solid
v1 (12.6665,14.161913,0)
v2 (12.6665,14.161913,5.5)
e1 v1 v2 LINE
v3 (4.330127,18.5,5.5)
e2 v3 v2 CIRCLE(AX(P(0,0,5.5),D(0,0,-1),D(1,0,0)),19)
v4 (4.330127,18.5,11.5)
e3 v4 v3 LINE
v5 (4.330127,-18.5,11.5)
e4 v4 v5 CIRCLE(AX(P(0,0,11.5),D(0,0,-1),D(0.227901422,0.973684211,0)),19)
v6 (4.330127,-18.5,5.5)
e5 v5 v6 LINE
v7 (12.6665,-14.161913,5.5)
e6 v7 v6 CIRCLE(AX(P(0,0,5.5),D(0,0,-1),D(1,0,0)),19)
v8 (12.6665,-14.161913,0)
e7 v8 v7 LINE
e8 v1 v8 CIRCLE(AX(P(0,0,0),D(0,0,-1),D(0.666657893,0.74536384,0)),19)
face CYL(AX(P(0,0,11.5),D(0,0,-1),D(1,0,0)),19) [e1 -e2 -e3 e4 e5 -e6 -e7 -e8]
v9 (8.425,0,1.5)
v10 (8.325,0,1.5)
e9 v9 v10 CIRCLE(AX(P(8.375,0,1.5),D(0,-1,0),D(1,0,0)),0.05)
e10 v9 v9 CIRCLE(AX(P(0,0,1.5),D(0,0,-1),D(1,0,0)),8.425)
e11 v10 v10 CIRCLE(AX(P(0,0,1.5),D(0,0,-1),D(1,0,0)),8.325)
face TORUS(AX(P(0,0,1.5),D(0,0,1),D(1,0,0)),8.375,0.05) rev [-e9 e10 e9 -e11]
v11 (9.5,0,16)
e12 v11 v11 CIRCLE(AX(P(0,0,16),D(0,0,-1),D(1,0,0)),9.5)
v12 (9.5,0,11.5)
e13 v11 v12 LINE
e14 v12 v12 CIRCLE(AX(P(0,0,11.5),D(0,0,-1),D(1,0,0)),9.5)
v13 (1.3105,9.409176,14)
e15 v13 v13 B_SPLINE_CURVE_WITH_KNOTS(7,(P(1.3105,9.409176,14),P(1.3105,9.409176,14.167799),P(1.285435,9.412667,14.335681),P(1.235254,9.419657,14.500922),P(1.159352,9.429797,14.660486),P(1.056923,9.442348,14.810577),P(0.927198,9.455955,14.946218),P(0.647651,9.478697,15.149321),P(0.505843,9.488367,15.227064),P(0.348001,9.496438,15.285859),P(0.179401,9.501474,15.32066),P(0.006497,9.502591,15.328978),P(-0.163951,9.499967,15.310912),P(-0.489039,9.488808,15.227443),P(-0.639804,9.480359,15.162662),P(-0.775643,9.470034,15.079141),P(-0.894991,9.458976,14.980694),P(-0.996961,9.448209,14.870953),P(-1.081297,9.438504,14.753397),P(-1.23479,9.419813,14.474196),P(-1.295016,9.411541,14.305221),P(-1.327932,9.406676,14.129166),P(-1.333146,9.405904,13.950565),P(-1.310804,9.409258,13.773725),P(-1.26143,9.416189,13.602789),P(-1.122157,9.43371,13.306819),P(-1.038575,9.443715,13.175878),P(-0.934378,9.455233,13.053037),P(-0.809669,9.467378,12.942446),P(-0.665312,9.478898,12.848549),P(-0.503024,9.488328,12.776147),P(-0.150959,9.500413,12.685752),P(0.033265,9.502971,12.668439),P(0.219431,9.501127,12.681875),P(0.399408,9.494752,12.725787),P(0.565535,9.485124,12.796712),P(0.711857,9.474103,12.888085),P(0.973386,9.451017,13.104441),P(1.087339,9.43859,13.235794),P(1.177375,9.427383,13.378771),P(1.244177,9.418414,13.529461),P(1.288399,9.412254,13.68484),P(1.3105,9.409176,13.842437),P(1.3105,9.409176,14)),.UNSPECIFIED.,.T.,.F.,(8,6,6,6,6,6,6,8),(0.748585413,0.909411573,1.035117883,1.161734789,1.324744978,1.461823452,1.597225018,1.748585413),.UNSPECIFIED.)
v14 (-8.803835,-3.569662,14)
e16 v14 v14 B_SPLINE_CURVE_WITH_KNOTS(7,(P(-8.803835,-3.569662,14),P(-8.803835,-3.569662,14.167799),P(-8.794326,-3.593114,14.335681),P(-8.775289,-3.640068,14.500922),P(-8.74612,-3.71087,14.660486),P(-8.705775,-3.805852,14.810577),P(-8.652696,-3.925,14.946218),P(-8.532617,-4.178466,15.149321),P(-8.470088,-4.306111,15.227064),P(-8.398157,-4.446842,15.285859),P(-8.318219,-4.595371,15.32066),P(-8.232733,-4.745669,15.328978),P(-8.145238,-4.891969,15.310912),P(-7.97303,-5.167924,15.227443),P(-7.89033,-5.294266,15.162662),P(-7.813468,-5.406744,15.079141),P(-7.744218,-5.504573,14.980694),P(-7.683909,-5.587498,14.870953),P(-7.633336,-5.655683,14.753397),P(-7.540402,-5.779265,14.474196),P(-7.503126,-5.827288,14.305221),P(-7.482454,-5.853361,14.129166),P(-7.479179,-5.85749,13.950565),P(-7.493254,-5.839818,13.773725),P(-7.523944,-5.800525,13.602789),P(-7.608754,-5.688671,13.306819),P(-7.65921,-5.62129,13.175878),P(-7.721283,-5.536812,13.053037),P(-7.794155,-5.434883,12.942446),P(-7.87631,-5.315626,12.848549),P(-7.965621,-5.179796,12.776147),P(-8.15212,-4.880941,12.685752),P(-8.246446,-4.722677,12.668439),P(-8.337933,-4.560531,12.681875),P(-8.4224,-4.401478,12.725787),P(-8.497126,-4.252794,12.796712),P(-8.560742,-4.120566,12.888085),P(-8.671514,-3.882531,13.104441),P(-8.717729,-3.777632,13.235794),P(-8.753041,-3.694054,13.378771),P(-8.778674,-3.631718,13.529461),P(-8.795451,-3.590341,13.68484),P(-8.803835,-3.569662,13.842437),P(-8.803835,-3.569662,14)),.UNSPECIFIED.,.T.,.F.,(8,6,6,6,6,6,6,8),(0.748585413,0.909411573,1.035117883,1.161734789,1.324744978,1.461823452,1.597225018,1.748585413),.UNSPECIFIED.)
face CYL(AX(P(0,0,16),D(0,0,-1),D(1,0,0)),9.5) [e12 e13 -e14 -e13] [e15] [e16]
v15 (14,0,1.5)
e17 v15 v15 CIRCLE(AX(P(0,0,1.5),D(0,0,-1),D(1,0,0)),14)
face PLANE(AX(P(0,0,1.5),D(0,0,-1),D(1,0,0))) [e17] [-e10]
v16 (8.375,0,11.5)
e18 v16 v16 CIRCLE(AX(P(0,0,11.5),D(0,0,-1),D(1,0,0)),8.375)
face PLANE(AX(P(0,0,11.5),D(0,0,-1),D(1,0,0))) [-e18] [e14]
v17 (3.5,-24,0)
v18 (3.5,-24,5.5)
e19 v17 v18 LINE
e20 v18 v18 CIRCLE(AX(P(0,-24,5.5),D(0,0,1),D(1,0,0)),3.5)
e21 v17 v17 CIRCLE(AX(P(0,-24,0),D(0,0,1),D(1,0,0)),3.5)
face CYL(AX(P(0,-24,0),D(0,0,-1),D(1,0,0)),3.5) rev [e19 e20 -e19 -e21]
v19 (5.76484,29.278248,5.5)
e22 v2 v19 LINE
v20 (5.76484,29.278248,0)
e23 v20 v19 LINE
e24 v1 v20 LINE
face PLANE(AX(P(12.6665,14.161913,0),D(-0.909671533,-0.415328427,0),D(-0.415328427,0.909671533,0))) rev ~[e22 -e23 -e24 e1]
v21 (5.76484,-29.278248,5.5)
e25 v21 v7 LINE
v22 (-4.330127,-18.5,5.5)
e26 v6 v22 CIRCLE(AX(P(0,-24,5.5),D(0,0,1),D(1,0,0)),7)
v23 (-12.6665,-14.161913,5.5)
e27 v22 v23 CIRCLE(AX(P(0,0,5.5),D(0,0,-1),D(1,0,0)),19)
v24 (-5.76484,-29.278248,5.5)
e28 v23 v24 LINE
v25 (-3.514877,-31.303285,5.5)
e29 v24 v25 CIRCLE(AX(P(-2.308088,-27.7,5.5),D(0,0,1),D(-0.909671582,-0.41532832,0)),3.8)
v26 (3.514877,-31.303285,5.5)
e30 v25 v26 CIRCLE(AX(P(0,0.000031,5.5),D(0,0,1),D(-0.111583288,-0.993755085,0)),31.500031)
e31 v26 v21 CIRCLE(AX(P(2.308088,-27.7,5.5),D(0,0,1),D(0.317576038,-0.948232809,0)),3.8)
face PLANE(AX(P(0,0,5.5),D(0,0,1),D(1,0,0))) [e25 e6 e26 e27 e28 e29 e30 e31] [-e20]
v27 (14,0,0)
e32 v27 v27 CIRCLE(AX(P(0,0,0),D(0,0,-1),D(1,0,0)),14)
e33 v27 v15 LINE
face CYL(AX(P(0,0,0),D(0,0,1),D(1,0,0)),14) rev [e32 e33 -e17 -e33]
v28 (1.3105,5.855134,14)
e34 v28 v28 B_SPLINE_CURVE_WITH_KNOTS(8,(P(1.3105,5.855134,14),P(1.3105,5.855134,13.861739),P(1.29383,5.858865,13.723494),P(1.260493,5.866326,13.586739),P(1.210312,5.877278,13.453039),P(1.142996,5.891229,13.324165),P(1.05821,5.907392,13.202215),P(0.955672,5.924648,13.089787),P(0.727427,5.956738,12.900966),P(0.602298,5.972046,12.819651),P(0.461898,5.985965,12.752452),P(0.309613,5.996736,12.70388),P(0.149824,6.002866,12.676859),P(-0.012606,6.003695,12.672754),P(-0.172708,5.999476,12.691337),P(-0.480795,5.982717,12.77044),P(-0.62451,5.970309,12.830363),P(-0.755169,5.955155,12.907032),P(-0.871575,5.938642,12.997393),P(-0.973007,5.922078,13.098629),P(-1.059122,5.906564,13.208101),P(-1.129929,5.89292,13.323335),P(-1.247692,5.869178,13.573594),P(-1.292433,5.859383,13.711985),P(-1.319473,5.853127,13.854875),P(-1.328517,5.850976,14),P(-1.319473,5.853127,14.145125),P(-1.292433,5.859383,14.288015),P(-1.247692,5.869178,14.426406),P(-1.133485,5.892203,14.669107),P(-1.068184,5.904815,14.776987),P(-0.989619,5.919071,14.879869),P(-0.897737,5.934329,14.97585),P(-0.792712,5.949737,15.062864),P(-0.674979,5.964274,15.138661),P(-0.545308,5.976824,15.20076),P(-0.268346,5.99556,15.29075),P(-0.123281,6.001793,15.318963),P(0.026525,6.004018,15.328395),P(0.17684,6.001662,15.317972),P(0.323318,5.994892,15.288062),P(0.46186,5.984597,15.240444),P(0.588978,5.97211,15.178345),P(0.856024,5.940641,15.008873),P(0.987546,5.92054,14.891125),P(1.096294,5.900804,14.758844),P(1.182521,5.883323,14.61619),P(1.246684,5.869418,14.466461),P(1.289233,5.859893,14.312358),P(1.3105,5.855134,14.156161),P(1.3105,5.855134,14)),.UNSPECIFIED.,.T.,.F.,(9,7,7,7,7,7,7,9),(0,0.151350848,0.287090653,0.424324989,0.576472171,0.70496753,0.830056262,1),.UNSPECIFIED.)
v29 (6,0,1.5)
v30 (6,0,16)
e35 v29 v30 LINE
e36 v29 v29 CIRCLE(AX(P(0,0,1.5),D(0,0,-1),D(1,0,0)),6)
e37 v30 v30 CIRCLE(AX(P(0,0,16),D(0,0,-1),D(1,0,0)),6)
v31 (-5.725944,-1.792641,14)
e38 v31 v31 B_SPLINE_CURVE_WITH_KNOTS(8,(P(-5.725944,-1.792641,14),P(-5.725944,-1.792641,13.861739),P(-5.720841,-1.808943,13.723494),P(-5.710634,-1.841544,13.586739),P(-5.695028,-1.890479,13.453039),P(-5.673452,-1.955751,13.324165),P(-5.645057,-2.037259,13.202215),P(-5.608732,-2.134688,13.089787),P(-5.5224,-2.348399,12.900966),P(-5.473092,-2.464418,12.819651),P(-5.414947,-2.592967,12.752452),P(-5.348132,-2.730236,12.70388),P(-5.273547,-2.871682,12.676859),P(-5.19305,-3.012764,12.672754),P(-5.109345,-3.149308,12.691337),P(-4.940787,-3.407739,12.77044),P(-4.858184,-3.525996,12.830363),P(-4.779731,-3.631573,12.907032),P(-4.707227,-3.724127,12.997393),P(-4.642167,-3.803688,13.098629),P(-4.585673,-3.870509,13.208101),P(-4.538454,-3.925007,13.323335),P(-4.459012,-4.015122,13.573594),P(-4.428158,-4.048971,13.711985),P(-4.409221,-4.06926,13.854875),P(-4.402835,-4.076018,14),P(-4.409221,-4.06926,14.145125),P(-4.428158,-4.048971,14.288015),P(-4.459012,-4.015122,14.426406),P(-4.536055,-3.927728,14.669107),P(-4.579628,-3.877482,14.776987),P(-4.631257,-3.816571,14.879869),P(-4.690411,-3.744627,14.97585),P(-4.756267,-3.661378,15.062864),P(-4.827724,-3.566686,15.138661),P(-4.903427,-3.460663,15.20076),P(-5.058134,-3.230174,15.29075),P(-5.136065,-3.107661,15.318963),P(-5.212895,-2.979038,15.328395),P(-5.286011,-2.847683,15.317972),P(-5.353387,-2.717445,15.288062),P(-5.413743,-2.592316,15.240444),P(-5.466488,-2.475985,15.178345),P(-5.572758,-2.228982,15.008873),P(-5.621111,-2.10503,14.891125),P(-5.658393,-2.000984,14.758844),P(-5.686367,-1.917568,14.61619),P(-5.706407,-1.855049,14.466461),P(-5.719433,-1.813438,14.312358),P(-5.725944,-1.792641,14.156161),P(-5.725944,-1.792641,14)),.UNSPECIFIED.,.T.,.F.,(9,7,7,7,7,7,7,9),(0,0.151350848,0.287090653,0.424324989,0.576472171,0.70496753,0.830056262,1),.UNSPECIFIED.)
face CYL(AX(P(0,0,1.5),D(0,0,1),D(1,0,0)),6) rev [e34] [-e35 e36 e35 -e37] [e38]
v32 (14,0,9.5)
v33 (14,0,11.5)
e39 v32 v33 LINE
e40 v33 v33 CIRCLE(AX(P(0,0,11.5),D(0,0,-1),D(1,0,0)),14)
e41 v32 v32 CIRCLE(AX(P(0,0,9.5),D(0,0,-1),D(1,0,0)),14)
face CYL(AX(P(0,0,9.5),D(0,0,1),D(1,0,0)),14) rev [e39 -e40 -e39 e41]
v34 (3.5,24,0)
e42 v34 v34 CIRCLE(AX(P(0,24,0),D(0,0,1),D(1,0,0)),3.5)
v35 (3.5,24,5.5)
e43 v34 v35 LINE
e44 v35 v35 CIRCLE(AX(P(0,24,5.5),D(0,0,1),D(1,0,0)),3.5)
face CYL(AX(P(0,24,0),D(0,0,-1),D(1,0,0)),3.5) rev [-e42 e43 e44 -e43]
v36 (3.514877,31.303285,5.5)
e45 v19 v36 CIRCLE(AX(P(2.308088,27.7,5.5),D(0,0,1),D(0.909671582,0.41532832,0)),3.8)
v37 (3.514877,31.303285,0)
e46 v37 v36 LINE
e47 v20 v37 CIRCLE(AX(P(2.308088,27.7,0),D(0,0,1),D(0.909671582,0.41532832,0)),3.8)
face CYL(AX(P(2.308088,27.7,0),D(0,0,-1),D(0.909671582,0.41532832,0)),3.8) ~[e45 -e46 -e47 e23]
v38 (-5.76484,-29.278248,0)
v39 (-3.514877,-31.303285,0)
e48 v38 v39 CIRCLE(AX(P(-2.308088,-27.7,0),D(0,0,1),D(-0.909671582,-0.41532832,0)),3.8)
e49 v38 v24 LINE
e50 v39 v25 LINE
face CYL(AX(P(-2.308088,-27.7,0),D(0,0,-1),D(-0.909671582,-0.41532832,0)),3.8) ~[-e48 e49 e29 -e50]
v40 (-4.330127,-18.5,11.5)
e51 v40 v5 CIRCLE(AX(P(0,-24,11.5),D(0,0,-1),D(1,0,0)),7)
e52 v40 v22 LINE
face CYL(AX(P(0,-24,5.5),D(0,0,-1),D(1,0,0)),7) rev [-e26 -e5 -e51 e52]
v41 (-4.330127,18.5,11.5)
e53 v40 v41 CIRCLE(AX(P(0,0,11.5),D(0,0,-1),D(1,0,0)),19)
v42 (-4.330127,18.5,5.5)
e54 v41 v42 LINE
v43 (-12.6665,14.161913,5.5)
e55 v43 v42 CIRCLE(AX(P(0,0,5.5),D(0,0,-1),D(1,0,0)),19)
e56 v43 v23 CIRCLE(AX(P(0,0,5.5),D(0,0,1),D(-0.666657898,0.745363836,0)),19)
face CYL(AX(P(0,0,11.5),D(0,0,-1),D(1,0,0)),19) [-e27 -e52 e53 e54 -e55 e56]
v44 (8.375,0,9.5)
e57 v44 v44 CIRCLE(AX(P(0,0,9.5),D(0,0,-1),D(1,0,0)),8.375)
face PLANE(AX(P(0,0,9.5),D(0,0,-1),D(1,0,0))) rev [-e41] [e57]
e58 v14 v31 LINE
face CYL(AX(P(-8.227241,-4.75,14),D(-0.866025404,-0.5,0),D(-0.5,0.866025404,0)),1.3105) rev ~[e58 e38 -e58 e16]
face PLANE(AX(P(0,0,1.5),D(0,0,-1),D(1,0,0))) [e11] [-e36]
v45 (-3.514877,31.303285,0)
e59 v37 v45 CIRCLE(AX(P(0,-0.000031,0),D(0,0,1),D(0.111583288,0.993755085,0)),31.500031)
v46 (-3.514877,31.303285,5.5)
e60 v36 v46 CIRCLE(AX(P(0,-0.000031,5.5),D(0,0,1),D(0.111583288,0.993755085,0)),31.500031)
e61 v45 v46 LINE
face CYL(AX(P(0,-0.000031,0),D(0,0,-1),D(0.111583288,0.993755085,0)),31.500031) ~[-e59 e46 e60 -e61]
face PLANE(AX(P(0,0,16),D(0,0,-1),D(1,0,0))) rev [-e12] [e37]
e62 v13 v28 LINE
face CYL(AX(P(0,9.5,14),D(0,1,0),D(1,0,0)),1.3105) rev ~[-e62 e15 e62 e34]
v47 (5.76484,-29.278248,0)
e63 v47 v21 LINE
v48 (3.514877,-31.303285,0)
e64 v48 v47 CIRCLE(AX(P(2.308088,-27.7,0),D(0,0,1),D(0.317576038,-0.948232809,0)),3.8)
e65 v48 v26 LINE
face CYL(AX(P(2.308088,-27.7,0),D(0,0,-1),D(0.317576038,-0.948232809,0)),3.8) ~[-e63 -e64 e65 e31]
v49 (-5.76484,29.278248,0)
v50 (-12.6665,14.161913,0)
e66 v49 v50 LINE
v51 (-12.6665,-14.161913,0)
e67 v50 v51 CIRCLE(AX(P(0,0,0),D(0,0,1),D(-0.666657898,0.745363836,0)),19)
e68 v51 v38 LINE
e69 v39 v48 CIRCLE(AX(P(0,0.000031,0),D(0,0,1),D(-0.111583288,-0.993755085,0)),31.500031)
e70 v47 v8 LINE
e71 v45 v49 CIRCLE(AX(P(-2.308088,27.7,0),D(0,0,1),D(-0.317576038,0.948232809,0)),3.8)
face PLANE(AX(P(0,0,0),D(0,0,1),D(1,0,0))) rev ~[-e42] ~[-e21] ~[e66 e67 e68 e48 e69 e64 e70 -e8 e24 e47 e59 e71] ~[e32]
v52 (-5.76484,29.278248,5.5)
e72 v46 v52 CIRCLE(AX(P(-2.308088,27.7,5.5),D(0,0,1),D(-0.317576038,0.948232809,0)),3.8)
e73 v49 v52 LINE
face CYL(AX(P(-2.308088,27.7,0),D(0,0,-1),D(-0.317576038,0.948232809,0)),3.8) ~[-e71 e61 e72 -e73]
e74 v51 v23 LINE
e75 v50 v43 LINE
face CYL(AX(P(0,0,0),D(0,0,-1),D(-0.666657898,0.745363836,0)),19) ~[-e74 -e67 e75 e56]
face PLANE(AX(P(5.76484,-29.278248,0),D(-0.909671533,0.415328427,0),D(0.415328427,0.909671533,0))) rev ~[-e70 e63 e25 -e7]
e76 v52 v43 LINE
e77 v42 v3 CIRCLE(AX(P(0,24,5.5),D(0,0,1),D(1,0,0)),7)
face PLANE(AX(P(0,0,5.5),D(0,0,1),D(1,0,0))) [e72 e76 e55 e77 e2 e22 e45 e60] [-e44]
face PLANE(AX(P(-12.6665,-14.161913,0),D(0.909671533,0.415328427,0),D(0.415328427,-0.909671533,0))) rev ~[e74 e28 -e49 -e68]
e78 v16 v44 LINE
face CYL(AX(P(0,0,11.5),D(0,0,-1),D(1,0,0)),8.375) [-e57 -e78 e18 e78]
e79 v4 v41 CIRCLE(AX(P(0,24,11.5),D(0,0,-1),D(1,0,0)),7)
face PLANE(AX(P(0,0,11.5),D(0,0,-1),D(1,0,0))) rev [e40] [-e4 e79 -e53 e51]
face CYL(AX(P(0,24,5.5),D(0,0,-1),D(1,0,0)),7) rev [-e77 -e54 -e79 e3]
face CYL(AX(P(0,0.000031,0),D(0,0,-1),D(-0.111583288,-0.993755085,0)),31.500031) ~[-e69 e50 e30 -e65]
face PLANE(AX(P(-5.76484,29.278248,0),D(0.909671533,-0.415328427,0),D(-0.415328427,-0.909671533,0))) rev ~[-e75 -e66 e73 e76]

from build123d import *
from build123d.topology import SkipClean

# Parameters (mm, degrees)
SKETCH2_R           = 14
SKETCH2_R_2         = 3.5
BOSS_EXTRUDE1_DEPTH = 5.5
SKETCH3_R           = 7
CUT_EXTRUDE1_DEPTH  = 39.255719
TAP1_REACH          = 49.937
TAP1_BORE_R         = 1.3105
CIRPATTERN1_COUNT   = 2
CIRPATTERN1_ANGLE   = 120


with BuildPart() as part:
    # Sketch1 → Revolve1 (revolve)
    with BuildSketch(Plane(origin=(0, 0, 0), x_dir=(0, 0, -1), z_dir=(1, 0, 0)), mode=Mode.PRIVATE) as revolve1_sk:
        with BuildLine():
            Line((-11.5, 19), (0, 19))
            Line((0, 19), (0, 14))
            Line((0, 14), (-1.5, 14))
            Line((-1.5, 14), (-1.5, 8.425))
            ThreePointArc((-1.5, 8.425), (-1.55, 8.375), (-1.5, 8.325))
            Line((-1.5, 8.325), (-1.5, 6))
            Line((-1.5, 6), (-16, 6))
            Line((-16, 6), (-16, 9.5))
            Line((-16, 9.5), (-11.5, 9.5))
            Line((-11.5, 9.5), (-11.5, 8.375))
            Line((-11.5, 8.375), (-9.5, 8.375))
            Line((-9.5, 8.375), (-9.5, 14))
            Line((-9.5, 14), (-11.5, 14))
            Line((-11.5, 14), (-11.5, 19))
        make_face()
    revolve(revolve1_sk.sketch.rotate(Axis((0, 0, 16), (0, 0, -1)), 90), axis=Axis((0, 0, 16), (0, 0, -1)))

    # Sketch2 → Boss-Extrude1 (add)
    with SkipClean():  # the faces are left unmerged after this step: merging them gives an invalid solid
        with BuildSketch(Plane.XY):
            with BuildLine():
                Line((-5.76484, 29.278248), (-12.6665, 14.161913))
                ThreePointArc((-12.6665, 14.161913), (-19, 0), (-12.6665, -14.161913))
                Line((-12.6665, -14.161913), (-5.76484, -29.278248))
                ThreePointArc((-5.76484, -29.278248), (-4.850203, -30.524474), (-3.514877, -31.303285))
                ThreePointArc((-3.514877, -31.303285), (0, -31.5), (3.514877, -31.303285))
                ThreePointArc((3.514877, -31.303285), (4.850203, -30.524474), (5.76484, -29.278248))
                Line((5.76484, -29.278248), (12.6665, -14.161913))
                ThreePointArc((12.6665, -14.161913), (19, 0), (12.6665, 14.161913))
                Line((12.6665, 14.161913), (5.76484, 29.278248))
                ThreePointArc((5.76484, 29.278248), (4.850203, 30.524474), (3.514877, 31.303285))
                ThreePointArc((3.514877, 31.303285), (0, 31.5), (-3.514877, 31.303285))
                ThreePointArc((-3.514877, 31.303285), (-4.850203, 30.524474), (-5.76484, 29.278248))
            make_face()
            Circle(SKETCH2_R, mode=Mode.SUBTRACT)
            with Locations((0, 24)):
                Circle(SKETCH2_R_2, mode=Mode.SUBTRACT)
            with Locations((0, -24)):
                Circle(SKETCH2_R_2, mode=Mode.SUBTRACT)
        extrude(amount=BOSS_EXTRUDE1_DEPTH)

    # Sketch3 → Cut-Extrude1 (cut, through all)
    with SkipClean():  # the faces are left unmerged after this step: merging them gives an invalid solid
        with BuildSketch(Plane.XY.offset(5.5)):
            with Locations((0, 24)):
                Circle(SKETCH3_R)
            with Locations((0, -24)):
                Circle(SKETCH3_R)
        extrude(amount=CUT_EXTRUDE1_DEPTH, mode=Mode.SUBTRACT)

    # Tap1 bore → Tap1 (cut, up to next)
    with BuildSketch(Plane(origin=(0, 9.5, 0), x_dir=(1, 0, 0), z_dir=(0, 1, 0)), mode=Mode.PRIVATE) as tap1_sk1:
        with Locations((0, -14)):
            Circle(TAP1_BORE_R)
    tap1_tool1 = extrude(tap1_sk1.sketch, amount=-TAP1_REACH, mode=Mode.PRIVATE) & part.part
    tap1 = tap1_tool1.solids().sort_by_distance((0, 9.5, 14))[0]
    add(tap1, mode=Mode.SUBTRACT)

    # CirPattern1: Tap1 ×2 about axis
    with SkipClean():  # the faces are left unmerged after this step: merging them gives an invalid solid
        cirpattern1_axis = Axis((0, 0, 16), (0, 0, 1))
        for i in range(1, CIRPATTERN1_COUNT):
            add(tap1.rotate(cirpattern1_axis, i * CIRPATTERN1_ANGLE / (CIRPATTERN1_COUNT - 1)), mode=Mode.SUBTRACT)


solid = part.part
